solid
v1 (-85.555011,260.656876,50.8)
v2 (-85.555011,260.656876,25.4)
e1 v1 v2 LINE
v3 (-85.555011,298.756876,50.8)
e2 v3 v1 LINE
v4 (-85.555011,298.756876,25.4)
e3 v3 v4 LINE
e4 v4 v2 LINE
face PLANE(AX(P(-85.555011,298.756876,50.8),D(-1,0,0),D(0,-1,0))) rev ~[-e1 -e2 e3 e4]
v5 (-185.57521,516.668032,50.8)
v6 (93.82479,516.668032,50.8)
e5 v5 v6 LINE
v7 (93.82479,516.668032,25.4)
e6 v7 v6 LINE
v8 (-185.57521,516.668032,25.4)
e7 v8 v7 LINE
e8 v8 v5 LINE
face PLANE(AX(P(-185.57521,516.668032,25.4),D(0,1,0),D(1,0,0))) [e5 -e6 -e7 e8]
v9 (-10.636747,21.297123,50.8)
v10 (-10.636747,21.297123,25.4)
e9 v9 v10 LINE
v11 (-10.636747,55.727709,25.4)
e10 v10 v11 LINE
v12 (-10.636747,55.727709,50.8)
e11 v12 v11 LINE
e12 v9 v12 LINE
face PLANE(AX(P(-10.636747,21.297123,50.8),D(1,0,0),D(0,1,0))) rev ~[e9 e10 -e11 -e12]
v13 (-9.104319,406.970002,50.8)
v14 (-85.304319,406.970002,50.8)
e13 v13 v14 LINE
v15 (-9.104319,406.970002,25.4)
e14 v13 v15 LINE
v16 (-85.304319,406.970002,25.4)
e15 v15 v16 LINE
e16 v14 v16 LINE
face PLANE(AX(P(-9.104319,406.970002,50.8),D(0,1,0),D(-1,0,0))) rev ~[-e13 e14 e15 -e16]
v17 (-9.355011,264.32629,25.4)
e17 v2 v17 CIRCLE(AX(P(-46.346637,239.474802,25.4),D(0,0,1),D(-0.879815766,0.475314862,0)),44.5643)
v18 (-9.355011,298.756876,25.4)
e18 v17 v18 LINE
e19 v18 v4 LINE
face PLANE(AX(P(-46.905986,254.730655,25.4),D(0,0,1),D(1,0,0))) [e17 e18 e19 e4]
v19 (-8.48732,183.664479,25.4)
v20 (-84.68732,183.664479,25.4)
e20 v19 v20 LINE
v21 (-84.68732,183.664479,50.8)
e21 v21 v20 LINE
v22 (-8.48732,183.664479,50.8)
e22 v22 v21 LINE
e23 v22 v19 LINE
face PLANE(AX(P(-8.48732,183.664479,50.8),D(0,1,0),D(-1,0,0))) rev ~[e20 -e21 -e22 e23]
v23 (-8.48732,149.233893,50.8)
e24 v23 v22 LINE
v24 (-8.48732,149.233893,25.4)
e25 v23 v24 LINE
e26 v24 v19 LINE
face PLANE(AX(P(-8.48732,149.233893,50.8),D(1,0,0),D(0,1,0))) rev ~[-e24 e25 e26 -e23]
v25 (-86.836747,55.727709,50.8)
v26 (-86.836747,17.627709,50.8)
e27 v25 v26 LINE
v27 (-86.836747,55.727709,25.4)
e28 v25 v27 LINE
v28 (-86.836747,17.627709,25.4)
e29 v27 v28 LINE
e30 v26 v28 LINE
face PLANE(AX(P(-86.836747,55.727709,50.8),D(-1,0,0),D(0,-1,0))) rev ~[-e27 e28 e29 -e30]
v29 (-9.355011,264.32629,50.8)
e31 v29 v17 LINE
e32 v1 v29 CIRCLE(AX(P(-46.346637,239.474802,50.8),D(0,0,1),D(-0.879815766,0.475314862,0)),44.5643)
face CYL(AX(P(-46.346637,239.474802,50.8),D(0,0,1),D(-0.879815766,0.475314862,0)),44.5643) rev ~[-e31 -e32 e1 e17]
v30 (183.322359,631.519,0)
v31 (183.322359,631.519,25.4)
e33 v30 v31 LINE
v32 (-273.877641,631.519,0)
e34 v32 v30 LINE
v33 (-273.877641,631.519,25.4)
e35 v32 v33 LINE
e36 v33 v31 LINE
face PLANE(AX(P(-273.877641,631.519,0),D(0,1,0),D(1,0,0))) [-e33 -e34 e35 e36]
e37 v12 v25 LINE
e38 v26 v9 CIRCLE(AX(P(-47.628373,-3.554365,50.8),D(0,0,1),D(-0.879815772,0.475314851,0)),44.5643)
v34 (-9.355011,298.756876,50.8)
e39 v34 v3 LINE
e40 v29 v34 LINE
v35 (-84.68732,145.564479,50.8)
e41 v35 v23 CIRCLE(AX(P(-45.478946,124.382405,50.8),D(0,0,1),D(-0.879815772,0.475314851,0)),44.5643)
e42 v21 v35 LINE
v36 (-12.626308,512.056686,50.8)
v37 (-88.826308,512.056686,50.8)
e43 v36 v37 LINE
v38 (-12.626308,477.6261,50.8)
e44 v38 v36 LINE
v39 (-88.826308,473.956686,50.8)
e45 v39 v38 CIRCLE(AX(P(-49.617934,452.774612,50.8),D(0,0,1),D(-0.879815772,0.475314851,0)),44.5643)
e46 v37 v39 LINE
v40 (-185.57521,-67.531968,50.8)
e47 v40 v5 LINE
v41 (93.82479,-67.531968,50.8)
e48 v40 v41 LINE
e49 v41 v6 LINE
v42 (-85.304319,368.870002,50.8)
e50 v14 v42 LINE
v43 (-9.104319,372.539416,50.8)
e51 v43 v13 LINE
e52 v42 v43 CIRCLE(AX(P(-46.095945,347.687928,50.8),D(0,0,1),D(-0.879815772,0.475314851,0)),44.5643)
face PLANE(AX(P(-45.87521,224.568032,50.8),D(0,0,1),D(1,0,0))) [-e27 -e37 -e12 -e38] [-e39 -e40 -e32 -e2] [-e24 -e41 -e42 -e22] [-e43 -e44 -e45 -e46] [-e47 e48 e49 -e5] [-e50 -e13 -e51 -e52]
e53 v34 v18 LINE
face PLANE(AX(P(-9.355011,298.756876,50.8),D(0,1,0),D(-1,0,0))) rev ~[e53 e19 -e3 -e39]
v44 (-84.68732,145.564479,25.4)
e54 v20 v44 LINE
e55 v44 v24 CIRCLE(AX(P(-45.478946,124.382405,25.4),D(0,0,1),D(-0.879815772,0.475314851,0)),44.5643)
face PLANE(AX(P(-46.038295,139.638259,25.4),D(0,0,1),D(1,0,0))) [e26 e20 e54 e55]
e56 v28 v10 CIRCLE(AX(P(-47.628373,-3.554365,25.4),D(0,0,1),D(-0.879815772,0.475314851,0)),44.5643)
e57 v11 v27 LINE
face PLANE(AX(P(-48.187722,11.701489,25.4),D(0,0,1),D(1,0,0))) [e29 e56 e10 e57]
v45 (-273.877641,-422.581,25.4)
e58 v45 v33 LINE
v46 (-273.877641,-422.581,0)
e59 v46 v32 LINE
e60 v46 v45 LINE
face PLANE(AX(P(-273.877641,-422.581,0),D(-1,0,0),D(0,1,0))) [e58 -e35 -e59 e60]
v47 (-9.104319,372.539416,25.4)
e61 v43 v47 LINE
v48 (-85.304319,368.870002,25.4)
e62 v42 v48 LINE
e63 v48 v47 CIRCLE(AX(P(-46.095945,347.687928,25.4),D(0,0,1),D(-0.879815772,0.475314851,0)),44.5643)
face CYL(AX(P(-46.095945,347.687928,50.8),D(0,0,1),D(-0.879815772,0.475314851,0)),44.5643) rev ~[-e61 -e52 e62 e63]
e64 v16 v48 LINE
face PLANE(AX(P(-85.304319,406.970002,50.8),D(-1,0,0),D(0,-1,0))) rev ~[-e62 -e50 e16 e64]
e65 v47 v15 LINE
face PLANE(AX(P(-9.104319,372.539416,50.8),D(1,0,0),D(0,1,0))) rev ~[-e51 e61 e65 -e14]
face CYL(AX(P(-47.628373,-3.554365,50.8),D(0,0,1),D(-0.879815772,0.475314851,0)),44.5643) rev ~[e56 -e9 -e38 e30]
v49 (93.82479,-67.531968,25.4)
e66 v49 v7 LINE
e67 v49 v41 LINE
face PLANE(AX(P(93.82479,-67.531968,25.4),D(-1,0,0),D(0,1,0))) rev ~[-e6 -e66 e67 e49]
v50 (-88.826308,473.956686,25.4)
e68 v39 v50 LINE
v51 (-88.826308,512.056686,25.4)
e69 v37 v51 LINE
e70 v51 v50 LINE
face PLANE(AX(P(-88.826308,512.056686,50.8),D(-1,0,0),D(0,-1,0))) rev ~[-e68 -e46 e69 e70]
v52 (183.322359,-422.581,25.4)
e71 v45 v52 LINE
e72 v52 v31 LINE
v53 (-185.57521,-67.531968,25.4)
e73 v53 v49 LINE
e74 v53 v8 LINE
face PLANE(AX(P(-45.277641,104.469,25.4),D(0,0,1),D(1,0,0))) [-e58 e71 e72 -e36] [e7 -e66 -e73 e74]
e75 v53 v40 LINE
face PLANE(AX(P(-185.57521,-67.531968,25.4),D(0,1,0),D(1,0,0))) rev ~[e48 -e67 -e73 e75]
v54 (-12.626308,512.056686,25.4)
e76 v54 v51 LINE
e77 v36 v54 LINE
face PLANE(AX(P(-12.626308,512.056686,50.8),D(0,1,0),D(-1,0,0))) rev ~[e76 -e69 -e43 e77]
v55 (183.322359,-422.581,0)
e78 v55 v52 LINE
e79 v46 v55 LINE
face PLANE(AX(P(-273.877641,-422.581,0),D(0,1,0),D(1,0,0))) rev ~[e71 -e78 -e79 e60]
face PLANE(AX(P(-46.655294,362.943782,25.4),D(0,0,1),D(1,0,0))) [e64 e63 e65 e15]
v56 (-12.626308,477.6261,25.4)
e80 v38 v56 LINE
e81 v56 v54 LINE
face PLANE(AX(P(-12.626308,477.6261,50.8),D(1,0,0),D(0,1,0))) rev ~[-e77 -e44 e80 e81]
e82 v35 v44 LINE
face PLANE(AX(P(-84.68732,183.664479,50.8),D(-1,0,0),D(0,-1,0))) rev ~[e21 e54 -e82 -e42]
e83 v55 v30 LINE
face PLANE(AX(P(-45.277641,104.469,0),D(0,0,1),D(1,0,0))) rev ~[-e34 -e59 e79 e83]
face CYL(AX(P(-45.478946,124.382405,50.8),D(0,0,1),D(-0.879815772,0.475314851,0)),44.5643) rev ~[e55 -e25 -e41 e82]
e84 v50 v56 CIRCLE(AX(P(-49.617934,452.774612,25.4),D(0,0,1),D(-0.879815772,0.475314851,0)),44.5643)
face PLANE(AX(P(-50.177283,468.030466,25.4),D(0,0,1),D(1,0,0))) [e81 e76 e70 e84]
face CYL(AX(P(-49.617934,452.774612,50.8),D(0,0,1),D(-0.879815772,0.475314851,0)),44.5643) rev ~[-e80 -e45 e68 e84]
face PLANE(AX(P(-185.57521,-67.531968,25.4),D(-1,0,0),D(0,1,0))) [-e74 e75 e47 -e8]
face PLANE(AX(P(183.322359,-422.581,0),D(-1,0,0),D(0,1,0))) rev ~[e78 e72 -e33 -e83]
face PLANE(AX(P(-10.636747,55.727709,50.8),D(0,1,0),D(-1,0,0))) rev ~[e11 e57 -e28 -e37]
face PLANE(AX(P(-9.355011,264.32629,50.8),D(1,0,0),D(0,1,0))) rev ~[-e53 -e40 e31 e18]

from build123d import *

# Parameters (mm, degrees)
F0_W     = 457.2
F0_H     = 1054.1
F1_DEPTH = 25.4
F2_W     = 279.4
F2_H     = 584.2
F3_DEPTH = 25.4
F5_DEPTH = 25.4


with BuildPart() as f1:
    # F0 (on Top) → F1 (new body)
    with BuildSketch(Plane.XY):
        with Locations((-45.277641, 104.469)):
            Rectangle(F0_W, F0_H)
    extrude(amount=F1_DEPTH)

    # F2 (on face) → F3 (join)
    with BuildSketch(Plane.XY.offset(25.4)):
        with Locations((-45.87521, 224.568032)):
            Rectangle(F2_W, F2_H)
    extrude(amount=F3_DEPTH)

    # F4 (on face) → F5 (cut)
    with BuildSketch(Plane.XY.offset(50.8)):
        with BuildLine():
            Line((-86.836747, 55.727709), (-86.836747, 17.627709))
            ThreePointArc((-86.836747, 17.627709), (-45.484862, -48.067084), (-10.636747, 21.297123))
            Line((-10.636747, 21.297123), (-10.636747, 55.727709))
            Line((-10.636747, 55.727709), (-86.836747, 55.727709))
        make_face()
        with BuildLine():
            Line((-84.68732, 183.664479), (-84.68732, 145.564479))
            ThreePointArc((-84.68732, 145.564479), (-43.335435, 79.869686), (-8.48732, 149.233893))
            Line((-8.48732, 149.233893), (-8.48732, 183.664479))
            Line((-8.48732, 183.664479), (-84.68732, 183.664479))
        make_face()
        with BuildLine():
            Line((-85.555011, 298.756876), (-85.555011, 260.656876))
            ThreePointArc((-85.555011, 260.656876), (-44.203125, 194.962082), (-9.355011, 264.32629))
            Line((-9.355011, 264.32629), (-9.355011, 298.756876))
            Line((-9.355011, 298.756876), (-85.555011, 298.756876))
        make_face()
        with BuildLine():
            Line((-85.304319, 406.970002), (-85.304319, 368.870002))
            ThreePointArc((-85.304319, 368.870002), (-43.952433, 303.175209), (-9.104319, 372.539416))
            Line((-9.104319, 372.539416), (-9.104319, 406.970002))
            Line((-9.104319, 406.970002), (-85.304319, 406.970002))
        make_face()
        with BuildLine():
            Line((-88.826308, 512.056686), (-88.826308, 473.956686))
            ThreePointArc((-88.826308, 473.956686), (-47.474423, 408.261893), (-12.626308, 477.6261))
            Line((-12.626308, 477.6261), (-12.626308, 512.056686))
            Line((-12.626308, 512.056686), (-88.826308, 512.056686))
        make_face()
    extrude(amount=-F5_DEPTH, mode=Mode.SUBTRACT)


solid = f1.part
